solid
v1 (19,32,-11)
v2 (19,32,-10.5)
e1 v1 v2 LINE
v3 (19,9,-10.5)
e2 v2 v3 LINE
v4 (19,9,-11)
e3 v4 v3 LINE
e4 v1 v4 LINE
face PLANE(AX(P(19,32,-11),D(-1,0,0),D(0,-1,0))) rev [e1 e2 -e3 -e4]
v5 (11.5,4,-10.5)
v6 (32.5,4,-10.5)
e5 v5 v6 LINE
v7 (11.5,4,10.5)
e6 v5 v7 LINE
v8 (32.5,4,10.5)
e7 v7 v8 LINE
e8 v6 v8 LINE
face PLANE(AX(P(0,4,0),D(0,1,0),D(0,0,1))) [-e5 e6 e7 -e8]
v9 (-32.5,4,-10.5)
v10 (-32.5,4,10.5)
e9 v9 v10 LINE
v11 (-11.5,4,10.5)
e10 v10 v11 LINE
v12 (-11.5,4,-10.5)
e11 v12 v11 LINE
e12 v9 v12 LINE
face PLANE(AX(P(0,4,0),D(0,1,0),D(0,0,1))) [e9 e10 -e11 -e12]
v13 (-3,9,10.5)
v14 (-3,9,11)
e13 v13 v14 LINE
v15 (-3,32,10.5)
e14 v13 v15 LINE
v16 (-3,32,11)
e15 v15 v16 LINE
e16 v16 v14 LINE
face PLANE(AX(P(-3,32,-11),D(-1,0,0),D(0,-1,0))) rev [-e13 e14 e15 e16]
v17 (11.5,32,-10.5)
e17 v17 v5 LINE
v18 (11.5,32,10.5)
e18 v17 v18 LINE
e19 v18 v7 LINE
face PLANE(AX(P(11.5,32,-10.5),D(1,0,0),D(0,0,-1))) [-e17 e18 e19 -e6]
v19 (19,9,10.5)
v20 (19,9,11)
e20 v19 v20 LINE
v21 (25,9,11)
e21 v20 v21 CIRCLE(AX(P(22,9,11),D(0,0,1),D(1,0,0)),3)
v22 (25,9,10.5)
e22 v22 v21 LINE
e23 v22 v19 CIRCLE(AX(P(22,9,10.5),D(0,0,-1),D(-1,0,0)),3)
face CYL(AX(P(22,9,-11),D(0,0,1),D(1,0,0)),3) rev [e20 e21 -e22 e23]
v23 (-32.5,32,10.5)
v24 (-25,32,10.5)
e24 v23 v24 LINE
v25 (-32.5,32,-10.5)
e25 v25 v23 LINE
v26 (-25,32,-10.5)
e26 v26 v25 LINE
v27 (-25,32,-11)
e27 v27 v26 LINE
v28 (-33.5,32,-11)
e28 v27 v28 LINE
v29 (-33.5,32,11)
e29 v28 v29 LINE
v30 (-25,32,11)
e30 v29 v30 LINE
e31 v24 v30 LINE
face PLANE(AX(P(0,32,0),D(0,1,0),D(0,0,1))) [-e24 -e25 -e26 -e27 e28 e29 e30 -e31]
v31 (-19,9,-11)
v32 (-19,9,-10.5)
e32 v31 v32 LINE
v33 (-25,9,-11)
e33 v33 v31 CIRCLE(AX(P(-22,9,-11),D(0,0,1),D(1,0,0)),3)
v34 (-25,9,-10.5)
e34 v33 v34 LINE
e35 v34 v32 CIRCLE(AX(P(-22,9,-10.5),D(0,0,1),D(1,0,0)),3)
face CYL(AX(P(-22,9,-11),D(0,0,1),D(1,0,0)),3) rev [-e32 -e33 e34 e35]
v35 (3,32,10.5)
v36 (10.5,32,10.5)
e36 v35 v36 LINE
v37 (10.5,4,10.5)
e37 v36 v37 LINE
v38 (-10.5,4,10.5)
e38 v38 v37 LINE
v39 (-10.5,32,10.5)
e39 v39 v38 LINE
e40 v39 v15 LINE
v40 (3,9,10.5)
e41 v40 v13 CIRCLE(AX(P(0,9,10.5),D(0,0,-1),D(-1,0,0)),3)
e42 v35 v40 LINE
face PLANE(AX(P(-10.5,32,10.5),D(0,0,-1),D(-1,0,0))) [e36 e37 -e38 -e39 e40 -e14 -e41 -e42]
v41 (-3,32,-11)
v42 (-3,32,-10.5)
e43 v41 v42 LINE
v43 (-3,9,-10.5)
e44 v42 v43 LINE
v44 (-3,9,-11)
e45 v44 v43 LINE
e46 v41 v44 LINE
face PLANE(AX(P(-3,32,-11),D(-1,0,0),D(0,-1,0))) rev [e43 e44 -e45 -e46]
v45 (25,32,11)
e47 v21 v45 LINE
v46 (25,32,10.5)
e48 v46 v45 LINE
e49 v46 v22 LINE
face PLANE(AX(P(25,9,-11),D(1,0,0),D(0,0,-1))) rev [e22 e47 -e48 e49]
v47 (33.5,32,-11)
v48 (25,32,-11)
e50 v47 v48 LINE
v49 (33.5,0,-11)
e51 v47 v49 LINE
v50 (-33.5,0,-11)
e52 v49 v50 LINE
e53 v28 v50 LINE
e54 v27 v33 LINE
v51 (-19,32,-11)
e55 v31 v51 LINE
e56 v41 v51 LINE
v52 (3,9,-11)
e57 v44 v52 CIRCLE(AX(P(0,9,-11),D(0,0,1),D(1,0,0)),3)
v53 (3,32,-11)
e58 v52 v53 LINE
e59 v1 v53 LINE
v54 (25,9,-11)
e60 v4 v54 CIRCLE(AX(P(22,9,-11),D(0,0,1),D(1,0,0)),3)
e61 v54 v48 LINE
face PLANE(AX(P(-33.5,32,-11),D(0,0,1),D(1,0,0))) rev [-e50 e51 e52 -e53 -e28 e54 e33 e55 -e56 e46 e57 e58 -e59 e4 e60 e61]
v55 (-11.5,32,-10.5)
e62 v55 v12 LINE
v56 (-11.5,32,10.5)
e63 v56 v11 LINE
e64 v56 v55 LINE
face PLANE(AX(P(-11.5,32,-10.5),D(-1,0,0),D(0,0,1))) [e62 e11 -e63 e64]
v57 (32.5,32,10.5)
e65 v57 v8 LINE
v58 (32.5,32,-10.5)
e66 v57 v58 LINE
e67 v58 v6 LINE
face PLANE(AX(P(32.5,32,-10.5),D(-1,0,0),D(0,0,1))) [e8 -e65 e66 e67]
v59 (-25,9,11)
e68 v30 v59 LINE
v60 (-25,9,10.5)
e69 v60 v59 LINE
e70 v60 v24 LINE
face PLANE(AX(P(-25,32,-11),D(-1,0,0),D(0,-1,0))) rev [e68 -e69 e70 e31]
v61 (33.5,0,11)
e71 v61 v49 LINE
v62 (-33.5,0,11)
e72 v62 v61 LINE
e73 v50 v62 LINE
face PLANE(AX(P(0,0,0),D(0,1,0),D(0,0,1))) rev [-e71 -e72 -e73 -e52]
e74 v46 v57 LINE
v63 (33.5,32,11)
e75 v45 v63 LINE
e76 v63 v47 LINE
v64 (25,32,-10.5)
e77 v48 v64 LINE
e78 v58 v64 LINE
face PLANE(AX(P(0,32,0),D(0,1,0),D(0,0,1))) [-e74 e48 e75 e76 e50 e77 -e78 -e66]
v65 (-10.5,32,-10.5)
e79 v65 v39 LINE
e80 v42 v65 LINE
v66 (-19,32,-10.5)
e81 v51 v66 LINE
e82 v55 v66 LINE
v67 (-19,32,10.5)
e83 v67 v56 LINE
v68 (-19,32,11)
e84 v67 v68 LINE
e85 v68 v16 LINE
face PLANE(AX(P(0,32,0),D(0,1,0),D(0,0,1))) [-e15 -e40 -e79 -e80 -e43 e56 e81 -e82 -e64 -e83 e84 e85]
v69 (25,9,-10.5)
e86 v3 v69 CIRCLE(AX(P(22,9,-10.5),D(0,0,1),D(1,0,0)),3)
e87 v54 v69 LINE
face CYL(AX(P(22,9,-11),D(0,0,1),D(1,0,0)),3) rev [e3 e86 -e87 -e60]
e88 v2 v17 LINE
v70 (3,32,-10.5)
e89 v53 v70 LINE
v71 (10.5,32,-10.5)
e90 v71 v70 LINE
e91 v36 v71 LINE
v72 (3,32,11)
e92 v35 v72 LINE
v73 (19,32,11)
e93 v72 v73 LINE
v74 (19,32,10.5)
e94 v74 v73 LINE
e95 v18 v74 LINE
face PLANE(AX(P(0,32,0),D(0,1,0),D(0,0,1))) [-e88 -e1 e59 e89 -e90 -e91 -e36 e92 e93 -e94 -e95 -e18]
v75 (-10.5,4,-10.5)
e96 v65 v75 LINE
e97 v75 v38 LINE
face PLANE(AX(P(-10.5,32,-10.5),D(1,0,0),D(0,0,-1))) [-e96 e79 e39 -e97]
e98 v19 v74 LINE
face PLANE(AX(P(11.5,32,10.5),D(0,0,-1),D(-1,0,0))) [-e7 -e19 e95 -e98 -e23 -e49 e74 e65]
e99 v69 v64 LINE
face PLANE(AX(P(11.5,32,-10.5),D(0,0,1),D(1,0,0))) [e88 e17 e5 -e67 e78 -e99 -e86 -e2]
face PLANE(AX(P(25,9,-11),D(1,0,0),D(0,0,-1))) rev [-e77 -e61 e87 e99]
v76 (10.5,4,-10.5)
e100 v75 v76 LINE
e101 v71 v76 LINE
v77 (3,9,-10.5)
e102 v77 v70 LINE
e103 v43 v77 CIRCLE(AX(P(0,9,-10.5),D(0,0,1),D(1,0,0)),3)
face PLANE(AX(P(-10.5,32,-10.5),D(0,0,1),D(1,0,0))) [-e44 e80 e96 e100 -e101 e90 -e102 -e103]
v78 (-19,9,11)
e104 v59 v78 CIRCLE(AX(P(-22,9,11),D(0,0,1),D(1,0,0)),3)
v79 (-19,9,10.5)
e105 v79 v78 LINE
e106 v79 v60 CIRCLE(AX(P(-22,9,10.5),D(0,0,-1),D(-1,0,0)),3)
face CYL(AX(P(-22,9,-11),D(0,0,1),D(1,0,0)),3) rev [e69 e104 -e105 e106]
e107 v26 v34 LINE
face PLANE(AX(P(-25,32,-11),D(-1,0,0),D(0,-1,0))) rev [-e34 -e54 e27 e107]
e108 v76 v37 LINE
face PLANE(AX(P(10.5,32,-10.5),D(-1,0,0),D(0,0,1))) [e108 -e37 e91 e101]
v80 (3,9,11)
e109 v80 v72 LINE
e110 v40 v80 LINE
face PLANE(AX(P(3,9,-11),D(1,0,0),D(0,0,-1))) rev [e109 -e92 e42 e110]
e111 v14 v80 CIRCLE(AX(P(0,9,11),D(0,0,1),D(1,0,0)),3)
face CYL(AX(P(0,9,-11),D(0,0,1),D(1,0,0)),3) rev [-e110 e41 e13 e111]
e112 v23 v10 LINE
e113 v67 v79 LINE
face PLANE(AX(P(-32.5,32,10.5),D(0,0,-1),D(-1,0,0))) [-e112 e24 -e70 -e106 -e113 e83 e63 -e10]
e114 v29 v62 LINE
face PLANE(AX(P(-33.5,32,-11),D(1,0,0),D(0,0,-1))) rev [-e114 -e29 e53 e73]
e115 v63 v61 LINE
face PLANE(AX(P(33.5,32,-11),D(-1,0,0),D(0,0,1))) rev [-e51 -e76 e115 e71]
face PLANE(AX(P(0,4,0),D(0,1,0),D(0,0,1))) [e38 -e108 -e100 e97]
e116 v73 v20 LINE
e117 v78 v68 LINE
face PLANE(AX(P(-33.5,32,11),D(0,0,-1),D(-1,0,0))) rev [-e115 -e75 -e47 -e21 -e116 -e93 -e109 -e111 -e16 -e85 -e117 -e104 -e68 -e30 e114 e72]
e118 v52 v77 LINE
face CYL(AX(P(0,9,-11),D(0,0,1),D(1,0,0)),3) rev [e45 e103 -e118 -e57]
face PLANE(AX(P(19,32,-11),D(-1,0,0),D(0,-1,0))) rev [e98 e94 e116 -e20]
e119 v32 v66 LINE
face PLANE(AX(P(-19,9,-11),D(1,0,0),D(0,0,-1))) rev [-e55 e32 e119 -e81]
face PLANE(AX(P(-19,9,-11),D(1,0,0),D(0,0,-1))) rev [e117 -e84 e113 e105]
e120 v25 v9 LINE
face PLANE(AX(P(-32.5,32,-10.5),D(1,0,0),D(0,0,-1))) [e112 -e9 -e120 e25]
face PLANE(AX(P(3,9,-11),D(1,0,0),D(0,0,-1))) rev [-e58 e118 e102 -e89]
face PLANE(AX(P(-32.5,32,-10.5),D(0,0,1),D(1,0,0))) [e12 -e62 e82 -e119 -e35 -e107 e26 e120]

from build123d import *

# Parameters (mm, degrees)
CROQUIS1_W              = 67
CROQUIS1_H              = 22
CROQUIS1_W_2            = 21
CROQUIS1_H_2            = 21
SALIENTE_EXTRUIR1_DEPTH = 32
CROQUIS1_2_W            = 21
CROQUIS1_2_H            = 21
SALIENTE_EXTRUIR2_DEPTH = 4
CORTAR_EXTRUIR1_DEPTH   = 52.285962992


with BuildPart() as part:
    # Croquis1 → Saliente-Extruir1 (new body)
    with BuildSketch(Plane(origin=(0, 0, 0), x_dir=(1, 0, 0), z_dir=(0, 1, 0))):
        Rectangle(CROQUIS1_W, CROQUIS1_H)
        Rectangle(CROQUIS1_W_2, CROQUIS1_H_2, mode=Mode.SUBTRACT)
        with Locations((-22, 0)):
            Rectangle(CROQUIS1_W_2, CROQUIS1_H_2, mode=Mode.SUBTRACT)
        with Locations((22, 0)):
            Rectangle(CROQUIS1_W_2, CROQUIS1_H_2, mode=Mode.SUBTRACT)
    extrude(amount=SALIENTE_EXTRUIR1_DEPTH)

    # Croquis1<2> → Saliente-Extruir2 (add)
    with BuildSketch(Plane(origin=(0, 0, 0), x_dir=(1, 0, 0), z_dir=(0, 1, 0))):
        Rectangle(CROQUIS1_2_W, CROQUIS1_2_H)
        with Locations((-22, 0)):
            Rectangle(CROQUIS1_2_W, CROQUIS1_2_H)
        with Locations((22, 0)):
            Rectangle(CROQUIS1_2_W, CROQUIS1_2_H)
    extrude(amount=SALIENTE_EXTRUIR2_DEPTH)

    # Croquis2 → Cortar-Extruir1 (cut, through all)
    with BuildSketch(Plane.XY.offset(11)):
        with BuildLine():
            Line((-25, 32), (-25, 9))
            ThreePointArc((-25, 9), (-22, 6), (-19, 9))
            Line((-19, 9), (-19, 32))
            Line((-19, 32), (-25, 32))
        make_face()
        with BuildLine():
            Line((-3, 32), (-3, 9))
            ThreePointArc((-3, 9), (0, 6), (3, 9))
            Line((3, 9), (3, 32))
            Line((3, 32), (-3, 32))
        make_face()
        with BuildLine():
            Line((19, 32), (19, 9))
            ThreePointArc((19, 9), (22, 6), (25, 9))
            Line((25, 9), (25, 32))
            Line((25, 32), (19, 32))
        make_face()
    extrude(amount=-CORTAR_EXTRUIR1_DEPTH, mode=Mode.SUBTRACT)


solid = part.part
